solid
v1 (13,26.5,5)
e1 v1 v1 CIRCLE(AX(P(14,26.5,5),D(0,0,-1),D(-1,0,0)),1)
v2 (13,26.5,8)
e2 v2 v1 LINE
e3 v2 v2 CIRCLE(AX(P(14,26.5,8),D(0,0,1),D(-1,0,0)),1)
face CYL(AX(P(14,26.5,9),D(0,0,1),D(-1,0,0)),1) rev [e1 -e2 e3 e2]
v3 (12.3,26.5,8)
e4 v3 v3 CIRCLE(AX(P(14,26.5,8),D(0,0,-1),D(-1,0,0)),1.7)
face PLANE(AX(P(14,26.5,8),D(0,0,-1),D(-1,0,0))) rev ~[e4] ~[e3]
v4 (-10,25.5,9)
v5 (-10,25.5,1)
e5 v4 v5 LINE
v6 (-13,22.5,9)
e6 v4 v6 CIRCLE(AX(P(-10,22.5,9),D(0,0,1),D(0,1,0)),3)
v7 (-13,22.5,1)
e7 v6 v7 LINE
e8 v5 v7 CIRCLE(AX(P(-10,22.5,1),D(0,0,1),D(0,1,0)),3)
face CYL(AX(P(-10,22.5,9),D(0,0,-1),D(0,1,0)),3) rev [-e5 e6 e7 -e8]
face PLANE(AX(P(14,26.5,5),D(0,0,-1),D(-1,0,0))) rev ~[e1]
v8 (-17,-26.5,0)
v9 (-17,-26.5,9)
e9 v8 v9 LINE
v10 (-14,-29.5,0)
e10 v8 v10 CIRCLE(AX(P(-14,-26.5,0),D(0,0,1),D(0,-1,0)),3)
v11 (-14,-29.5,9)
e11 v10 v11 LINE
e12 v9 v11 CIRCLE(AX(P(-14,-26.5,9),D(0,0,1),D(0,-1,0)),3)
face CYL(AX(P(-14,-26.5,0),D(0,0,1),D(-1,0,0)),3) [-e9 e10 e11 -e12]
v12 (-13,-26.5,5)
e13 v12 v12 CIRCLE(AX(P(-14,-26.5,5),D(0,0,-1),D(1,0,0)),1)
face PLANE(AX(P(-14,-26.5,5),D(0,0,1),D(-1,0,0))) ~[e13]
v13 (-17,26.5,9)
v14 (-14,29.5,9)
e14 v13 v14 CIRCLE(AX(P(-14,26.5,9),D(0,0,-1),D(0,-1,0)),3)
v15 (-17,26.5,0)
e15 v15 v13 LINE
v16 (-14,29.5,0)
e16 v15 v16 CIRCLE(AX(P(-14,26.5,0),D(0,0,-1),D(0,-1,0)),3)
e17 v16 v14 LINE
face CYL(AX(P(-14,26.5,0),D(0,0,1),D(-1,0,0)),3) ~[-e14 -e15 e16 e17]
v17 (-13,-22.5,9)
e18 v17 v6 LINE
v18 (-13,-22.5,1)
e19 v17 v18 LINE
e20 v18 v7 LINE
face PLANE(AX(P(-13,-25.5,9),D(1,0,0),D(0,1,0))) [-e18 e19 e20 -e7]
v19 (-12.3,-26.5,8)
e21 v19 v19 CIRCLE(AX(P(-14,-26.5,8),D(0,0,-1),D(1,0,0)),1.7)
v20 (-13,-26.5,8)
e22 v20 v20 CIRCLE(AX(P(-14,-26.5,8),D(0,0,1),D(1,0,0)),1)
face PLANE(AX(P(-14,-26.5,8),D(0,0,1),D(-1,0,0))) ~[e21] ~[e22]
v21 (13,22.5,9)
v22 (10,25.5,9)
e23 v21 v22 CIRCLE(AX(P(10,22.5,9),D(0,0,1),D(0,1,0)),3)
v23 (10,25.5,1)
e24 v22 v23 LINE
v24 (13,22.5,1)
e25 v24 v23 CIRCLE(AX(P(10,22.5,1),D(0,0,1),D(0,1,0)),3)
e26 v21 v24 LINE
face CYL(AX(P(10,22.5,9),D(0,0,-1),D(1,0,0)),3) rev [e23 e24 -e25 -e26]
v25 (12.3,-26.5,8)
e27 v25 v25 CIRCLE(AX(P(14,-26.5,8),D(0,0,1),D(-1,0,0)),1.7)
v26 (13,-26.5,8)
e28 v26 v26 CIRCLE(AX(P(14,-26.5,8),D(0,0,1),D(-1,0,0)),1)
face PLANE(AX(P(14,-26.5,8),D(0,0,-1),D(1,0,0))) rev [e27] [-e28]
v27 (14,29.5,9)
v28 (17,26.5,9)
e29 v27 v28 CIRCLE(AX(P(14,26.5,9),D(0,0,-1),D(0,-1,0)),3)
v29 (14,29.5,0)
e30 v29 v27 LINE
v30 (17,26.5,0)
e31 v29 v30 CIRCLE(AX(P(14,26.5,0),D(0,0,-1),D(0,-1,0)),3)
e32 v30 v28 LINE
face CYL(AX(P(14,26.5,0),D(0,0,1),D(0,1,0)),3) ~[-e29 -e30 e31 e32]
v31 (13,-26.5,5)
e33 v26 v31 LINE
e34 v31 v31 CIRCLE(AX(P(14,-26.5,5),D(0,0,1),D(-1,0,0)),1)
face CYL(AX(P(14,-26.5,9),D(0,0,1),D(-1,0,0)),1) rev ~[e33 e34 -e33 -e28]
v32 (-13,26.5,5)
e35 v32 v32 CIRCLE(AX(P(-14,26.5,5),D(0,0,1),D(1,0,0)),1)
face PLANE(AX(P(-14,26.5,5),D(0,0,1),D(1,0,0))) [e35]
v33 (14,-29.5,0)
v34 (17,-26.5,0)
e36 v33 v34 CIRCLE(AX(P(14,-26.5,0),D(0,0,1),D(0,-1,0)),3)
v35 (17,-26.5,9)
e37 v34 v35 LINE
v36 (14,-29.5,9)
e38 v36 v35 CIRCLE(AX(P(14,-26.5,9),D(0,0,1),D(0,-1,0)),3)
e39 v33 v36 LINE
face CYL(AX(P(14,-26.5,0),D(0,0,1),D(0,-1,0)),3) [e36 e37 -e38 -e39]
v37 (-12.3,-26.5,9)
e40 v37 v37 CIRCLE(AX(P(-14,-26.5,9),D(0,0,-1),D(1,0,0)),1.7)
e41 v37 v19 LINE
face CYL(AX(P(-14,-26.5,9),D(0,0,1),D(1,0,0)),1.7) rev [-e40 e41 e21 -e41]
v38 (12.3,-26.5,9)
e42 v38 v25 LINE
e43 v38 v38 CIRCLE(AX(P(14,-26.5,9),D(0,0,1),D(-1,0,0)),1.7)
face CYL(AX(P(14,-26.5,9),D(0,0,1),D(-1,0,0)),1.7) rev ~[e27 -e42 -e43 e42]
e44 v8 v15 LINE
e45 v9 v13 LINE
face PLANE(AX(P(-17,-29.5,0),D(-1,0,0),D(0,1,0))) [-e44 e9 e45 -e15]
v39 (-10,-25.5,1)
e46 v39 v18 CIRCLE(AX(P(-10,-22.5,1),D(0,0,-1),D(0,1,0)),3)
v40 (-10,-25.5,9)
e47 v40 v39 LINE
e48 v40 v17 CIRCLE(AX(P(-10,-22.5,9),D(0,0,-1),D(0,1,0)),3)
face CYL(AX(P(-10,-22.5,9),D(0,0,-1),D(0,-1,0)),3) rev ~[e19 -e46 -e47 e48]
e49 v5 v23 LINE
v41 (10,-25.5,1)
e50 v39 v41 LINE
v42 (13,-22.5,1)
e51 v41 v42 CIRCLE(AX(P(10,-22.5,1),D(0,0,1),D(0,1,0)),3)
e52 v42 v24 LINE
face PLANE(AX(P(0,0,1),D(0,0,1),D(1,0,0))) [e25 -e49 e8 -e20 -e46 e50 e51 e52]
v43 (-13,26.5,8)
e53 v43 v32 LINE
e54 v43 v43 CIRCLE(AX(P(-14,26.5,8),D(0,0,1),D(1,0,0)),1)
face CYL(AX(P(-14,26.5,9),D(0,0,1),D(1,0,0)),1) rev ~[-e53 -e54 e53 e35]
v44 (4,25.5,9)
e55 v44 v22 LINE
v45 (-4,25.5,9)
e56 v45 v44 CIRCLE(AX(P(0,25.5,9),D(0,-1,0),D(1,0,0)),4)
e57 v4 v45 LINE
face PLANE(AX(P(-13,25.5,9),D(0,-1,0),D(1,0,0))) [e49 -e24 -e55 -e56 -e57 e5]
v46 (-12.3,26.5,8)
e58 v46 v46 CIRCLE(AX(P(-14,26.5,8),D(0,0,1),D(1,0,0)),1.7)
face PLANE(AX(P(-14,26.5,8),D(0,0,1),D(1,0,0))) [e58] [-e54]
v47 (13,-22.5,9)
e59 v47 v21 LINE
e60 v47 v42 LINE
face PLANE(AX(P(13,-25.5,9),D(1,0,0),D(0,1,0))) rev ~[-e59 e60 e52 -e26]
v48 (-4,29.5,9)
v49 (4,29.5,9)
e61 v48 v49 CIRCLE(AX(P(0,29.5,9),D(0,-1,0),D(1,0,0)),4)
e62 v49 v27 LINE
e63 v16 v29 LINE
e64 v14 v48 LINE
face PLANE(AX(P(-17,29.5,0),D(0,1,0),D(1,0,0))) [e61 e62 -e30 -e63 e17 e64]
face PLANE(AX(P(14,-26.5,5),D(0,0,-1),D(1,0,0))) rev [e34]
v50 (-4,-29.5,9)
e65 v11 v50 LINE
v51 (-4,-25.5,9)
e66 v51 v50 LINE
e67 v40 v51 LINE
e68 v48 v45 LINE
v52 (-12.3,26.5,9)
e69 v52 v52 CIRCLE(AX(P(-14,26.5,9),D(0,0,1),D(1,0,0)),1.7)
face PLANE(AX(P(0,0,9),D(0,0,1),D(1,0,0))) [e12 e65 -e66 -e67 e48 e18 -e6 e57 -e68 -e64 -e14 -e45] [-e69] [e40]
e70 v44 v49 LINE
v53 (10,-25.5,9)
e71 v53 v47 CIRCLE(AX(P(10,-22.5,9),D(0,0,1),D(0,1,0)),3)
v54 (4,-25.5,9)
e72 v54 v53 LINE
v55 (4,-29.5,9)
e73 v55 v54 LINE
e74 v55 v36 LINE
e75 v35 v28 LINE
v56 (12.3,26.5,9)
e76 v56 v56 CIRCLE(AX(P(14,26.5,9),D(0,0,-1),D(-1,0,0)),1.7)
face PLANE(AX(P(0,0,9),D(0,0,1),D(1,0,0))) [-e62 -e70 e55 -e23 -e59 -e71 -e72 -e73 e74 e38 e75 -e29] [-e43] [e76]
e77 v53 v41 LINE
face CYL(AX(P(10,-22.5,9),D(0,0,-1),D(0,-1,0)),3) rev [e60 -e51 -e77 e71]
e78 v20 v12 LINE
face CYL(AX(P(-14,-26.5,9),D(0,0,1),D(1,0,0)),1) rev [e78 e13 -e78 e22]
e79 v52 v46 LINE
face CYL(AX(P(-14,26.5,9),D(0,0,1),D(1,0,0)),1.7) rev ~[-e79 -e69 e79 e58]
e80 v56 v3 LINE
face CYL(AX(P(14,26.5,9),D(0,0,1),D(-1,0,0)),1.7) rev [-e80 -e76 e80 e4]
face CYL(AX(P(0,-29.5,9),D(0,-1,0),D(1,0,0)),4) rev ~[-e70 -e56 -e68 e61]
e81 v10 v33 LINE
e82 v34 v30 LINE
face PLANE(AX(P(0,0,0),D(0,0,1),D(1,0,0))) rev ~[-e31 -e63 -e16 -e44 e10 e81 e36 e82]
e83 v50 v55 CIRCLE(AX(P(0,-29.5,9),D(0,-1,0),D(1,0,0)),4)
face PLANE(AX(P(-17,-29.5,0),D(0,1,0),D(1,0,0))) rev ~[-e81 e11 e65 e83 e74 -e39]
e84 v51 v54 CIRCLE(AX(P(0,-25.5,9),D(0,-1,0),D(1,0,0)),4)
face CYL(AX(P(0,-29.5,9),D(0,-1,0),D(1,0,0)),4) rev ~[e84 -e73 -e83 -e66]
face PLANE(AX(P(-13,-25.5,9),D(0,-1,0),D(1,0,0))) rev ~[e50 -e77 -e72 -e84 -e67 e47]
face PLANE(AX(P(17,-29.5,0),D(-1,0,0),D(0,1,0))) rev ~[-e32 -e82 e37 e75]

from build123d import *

# Parameters (mm, degrees)
SKETCH008_W                   = 34
SKETCH008_H                   = 59
PAD002_DEPTH                  = 9
SKETCH009_W                   = 26
SKETCH009_H                   = 51
POCKET005_DEPTH               = 8
FILLET003_R                   = 3
SKETCH010_R                   = 1
POCKET006_DEPTH               = 4
SKETCH010_MIRRORED004_2_R     = 1
POCKET006_MIRRORED004_2_DEPTH = 4
SKETCH011_R                   = 1.7
POCKET007_DEPTH               = 1
SKETCH011_MIRRORED006_2_R     = 1.7
POCKET007_MIRRORED006_2_DEPTH = 1
SKETCH016_R                   = 4
POCKET011_DEPTH               = 59.001


with BuildPart() as part:
    # Sketch008 → Pad002 (new body)
    with BuildSketch(Plane.XY):
        Rectangle(SKETCH008_W, SKETCH008_H)
    extrude(amount=PAD002_DEPTH)

    # Sketch009 (on Face6 of Pad002) → Pocket005 (cut)
    with BuildSketch(Plane.XY.offset(9)):
        Rectangle(SKETCH009_W, SKETCH009_H)
    extrude(amount=-POCKET005_DEPTH, mode=Mode.SUBTRACT)

    # Fillet003
    fillet003_edges = [part.edges().sort_by_distance(p)[0] for p in [
        (-13, 25.5, 5),
        (-17, 29.5, 4.5),
        (17, 29.5, 4.5),
        (13, 25.5, 5),
        (17, -29.5, 4.5),
        (13, -25.5, 5),
        (-13, -25.5, 5),
        (-17, -29.5, 4.5),
    ]]
    fillet(fillet003_edges, radius=FILLET003_R)

    # Sketch010 (on Face5 of Fillet003) → Pocket006 (cut)
    with BuildSketch(Plane.XY.offset(9)):
        with Locations((-14, 26.5)):
            Circle(SKETCH010_R)
    pocket006 = extrude(amount=-POCKET006_DEPTH, mode=Mode.SUBTRACT)

    # Sketch010 Mirrored004 2 → Pocket006 Mirrored004 2 (cut)
    with BuildSketch(Plane(origin=(0, 0, 9), x_dir=(-1, 0, 0), z_dir=(0, 0, -1))):
        with Locations((-14, 26.5)):
            Circle(SKETCH010_MIRRORED004_2_R)
    pocket006_mirrored004_2 = extrude(amount=POCKET006_MIRRORED004_2_DEPTH, mode=Mode.SUBTRACT)

    # Mirrored005: Pocket006, Pocket006 Mirrored004 2 across Sketch010 H_Axis
    add(pocket006.mirror(Plane(origin=(0, 0, 9), x_dir=(0, 0, 1), z_dir=(0, 1, 0))), mode=Mode.SUBTRACT)
    add(pocket006_mirrored004_2.mirror(Plane(origin=(0, 0, 9), x_dir=(0, 0, 1), z_dir=(0, 1, 0))), mode=Mode.SUBTRACT)

    # Sketch011 (on Face5 of MultiTransform002) → Pocket007 (cut)
    with BuildSketch(Plane.XY.offset(9)):
        with Locations((-14, 26.5)):
            Circle(SKETCH011_R)
    pocket007 = extrude(amount=-POCKET007_DEPTH, mode=Mode.SUBTRACT)

    # Sketch011 Mirrored006 2 → Pocket007 Mirrored006 2 (cut)
    with BuildSketch(Plane(origin=(0, 0, 9), x_dir=(-1, 0, 0), z_dir=(0, 0, -1))):
        with Locations((-14, 26.5)):
            Circle(SKETCH011_MIRRORED006_2_R)
    pocket007_mirrored006_2 = extrude(amount=POCKET007_MIRRORED006_2_DEPTH, mode=Mode.SUBTRACT)

    # Mirrored007: Pocket007, Pocket007 Mirrored006 2 across Sketch011 H_Axis
    add(pocket007.mirror(Plane(origin=(0, 0, 9), x_dir=(0, 0, 1), z_dir=(0, 1, 0))), mode=Mode.SUBTRACT)
    add(pocket007_mirrored006_2.mirror(Plane(origin=(0, 0, 9), x_dir=(0, 0, 1), z_dir=(0, 1, 0))), mode=Mode.SUBTRACT)

    # Sketch016 (on Face10 of MultiTransform003) → Pocket011 (cut, through all)
    with BuildSketch(Plane.XZ.offset(29.5)):
        with Locations((0, 9)):
            Circle(SKETCH016_R)
    extrude(amount=-POCKET011_DEPTH, mode=Mode.SUBTRACT)


solid = part.part
